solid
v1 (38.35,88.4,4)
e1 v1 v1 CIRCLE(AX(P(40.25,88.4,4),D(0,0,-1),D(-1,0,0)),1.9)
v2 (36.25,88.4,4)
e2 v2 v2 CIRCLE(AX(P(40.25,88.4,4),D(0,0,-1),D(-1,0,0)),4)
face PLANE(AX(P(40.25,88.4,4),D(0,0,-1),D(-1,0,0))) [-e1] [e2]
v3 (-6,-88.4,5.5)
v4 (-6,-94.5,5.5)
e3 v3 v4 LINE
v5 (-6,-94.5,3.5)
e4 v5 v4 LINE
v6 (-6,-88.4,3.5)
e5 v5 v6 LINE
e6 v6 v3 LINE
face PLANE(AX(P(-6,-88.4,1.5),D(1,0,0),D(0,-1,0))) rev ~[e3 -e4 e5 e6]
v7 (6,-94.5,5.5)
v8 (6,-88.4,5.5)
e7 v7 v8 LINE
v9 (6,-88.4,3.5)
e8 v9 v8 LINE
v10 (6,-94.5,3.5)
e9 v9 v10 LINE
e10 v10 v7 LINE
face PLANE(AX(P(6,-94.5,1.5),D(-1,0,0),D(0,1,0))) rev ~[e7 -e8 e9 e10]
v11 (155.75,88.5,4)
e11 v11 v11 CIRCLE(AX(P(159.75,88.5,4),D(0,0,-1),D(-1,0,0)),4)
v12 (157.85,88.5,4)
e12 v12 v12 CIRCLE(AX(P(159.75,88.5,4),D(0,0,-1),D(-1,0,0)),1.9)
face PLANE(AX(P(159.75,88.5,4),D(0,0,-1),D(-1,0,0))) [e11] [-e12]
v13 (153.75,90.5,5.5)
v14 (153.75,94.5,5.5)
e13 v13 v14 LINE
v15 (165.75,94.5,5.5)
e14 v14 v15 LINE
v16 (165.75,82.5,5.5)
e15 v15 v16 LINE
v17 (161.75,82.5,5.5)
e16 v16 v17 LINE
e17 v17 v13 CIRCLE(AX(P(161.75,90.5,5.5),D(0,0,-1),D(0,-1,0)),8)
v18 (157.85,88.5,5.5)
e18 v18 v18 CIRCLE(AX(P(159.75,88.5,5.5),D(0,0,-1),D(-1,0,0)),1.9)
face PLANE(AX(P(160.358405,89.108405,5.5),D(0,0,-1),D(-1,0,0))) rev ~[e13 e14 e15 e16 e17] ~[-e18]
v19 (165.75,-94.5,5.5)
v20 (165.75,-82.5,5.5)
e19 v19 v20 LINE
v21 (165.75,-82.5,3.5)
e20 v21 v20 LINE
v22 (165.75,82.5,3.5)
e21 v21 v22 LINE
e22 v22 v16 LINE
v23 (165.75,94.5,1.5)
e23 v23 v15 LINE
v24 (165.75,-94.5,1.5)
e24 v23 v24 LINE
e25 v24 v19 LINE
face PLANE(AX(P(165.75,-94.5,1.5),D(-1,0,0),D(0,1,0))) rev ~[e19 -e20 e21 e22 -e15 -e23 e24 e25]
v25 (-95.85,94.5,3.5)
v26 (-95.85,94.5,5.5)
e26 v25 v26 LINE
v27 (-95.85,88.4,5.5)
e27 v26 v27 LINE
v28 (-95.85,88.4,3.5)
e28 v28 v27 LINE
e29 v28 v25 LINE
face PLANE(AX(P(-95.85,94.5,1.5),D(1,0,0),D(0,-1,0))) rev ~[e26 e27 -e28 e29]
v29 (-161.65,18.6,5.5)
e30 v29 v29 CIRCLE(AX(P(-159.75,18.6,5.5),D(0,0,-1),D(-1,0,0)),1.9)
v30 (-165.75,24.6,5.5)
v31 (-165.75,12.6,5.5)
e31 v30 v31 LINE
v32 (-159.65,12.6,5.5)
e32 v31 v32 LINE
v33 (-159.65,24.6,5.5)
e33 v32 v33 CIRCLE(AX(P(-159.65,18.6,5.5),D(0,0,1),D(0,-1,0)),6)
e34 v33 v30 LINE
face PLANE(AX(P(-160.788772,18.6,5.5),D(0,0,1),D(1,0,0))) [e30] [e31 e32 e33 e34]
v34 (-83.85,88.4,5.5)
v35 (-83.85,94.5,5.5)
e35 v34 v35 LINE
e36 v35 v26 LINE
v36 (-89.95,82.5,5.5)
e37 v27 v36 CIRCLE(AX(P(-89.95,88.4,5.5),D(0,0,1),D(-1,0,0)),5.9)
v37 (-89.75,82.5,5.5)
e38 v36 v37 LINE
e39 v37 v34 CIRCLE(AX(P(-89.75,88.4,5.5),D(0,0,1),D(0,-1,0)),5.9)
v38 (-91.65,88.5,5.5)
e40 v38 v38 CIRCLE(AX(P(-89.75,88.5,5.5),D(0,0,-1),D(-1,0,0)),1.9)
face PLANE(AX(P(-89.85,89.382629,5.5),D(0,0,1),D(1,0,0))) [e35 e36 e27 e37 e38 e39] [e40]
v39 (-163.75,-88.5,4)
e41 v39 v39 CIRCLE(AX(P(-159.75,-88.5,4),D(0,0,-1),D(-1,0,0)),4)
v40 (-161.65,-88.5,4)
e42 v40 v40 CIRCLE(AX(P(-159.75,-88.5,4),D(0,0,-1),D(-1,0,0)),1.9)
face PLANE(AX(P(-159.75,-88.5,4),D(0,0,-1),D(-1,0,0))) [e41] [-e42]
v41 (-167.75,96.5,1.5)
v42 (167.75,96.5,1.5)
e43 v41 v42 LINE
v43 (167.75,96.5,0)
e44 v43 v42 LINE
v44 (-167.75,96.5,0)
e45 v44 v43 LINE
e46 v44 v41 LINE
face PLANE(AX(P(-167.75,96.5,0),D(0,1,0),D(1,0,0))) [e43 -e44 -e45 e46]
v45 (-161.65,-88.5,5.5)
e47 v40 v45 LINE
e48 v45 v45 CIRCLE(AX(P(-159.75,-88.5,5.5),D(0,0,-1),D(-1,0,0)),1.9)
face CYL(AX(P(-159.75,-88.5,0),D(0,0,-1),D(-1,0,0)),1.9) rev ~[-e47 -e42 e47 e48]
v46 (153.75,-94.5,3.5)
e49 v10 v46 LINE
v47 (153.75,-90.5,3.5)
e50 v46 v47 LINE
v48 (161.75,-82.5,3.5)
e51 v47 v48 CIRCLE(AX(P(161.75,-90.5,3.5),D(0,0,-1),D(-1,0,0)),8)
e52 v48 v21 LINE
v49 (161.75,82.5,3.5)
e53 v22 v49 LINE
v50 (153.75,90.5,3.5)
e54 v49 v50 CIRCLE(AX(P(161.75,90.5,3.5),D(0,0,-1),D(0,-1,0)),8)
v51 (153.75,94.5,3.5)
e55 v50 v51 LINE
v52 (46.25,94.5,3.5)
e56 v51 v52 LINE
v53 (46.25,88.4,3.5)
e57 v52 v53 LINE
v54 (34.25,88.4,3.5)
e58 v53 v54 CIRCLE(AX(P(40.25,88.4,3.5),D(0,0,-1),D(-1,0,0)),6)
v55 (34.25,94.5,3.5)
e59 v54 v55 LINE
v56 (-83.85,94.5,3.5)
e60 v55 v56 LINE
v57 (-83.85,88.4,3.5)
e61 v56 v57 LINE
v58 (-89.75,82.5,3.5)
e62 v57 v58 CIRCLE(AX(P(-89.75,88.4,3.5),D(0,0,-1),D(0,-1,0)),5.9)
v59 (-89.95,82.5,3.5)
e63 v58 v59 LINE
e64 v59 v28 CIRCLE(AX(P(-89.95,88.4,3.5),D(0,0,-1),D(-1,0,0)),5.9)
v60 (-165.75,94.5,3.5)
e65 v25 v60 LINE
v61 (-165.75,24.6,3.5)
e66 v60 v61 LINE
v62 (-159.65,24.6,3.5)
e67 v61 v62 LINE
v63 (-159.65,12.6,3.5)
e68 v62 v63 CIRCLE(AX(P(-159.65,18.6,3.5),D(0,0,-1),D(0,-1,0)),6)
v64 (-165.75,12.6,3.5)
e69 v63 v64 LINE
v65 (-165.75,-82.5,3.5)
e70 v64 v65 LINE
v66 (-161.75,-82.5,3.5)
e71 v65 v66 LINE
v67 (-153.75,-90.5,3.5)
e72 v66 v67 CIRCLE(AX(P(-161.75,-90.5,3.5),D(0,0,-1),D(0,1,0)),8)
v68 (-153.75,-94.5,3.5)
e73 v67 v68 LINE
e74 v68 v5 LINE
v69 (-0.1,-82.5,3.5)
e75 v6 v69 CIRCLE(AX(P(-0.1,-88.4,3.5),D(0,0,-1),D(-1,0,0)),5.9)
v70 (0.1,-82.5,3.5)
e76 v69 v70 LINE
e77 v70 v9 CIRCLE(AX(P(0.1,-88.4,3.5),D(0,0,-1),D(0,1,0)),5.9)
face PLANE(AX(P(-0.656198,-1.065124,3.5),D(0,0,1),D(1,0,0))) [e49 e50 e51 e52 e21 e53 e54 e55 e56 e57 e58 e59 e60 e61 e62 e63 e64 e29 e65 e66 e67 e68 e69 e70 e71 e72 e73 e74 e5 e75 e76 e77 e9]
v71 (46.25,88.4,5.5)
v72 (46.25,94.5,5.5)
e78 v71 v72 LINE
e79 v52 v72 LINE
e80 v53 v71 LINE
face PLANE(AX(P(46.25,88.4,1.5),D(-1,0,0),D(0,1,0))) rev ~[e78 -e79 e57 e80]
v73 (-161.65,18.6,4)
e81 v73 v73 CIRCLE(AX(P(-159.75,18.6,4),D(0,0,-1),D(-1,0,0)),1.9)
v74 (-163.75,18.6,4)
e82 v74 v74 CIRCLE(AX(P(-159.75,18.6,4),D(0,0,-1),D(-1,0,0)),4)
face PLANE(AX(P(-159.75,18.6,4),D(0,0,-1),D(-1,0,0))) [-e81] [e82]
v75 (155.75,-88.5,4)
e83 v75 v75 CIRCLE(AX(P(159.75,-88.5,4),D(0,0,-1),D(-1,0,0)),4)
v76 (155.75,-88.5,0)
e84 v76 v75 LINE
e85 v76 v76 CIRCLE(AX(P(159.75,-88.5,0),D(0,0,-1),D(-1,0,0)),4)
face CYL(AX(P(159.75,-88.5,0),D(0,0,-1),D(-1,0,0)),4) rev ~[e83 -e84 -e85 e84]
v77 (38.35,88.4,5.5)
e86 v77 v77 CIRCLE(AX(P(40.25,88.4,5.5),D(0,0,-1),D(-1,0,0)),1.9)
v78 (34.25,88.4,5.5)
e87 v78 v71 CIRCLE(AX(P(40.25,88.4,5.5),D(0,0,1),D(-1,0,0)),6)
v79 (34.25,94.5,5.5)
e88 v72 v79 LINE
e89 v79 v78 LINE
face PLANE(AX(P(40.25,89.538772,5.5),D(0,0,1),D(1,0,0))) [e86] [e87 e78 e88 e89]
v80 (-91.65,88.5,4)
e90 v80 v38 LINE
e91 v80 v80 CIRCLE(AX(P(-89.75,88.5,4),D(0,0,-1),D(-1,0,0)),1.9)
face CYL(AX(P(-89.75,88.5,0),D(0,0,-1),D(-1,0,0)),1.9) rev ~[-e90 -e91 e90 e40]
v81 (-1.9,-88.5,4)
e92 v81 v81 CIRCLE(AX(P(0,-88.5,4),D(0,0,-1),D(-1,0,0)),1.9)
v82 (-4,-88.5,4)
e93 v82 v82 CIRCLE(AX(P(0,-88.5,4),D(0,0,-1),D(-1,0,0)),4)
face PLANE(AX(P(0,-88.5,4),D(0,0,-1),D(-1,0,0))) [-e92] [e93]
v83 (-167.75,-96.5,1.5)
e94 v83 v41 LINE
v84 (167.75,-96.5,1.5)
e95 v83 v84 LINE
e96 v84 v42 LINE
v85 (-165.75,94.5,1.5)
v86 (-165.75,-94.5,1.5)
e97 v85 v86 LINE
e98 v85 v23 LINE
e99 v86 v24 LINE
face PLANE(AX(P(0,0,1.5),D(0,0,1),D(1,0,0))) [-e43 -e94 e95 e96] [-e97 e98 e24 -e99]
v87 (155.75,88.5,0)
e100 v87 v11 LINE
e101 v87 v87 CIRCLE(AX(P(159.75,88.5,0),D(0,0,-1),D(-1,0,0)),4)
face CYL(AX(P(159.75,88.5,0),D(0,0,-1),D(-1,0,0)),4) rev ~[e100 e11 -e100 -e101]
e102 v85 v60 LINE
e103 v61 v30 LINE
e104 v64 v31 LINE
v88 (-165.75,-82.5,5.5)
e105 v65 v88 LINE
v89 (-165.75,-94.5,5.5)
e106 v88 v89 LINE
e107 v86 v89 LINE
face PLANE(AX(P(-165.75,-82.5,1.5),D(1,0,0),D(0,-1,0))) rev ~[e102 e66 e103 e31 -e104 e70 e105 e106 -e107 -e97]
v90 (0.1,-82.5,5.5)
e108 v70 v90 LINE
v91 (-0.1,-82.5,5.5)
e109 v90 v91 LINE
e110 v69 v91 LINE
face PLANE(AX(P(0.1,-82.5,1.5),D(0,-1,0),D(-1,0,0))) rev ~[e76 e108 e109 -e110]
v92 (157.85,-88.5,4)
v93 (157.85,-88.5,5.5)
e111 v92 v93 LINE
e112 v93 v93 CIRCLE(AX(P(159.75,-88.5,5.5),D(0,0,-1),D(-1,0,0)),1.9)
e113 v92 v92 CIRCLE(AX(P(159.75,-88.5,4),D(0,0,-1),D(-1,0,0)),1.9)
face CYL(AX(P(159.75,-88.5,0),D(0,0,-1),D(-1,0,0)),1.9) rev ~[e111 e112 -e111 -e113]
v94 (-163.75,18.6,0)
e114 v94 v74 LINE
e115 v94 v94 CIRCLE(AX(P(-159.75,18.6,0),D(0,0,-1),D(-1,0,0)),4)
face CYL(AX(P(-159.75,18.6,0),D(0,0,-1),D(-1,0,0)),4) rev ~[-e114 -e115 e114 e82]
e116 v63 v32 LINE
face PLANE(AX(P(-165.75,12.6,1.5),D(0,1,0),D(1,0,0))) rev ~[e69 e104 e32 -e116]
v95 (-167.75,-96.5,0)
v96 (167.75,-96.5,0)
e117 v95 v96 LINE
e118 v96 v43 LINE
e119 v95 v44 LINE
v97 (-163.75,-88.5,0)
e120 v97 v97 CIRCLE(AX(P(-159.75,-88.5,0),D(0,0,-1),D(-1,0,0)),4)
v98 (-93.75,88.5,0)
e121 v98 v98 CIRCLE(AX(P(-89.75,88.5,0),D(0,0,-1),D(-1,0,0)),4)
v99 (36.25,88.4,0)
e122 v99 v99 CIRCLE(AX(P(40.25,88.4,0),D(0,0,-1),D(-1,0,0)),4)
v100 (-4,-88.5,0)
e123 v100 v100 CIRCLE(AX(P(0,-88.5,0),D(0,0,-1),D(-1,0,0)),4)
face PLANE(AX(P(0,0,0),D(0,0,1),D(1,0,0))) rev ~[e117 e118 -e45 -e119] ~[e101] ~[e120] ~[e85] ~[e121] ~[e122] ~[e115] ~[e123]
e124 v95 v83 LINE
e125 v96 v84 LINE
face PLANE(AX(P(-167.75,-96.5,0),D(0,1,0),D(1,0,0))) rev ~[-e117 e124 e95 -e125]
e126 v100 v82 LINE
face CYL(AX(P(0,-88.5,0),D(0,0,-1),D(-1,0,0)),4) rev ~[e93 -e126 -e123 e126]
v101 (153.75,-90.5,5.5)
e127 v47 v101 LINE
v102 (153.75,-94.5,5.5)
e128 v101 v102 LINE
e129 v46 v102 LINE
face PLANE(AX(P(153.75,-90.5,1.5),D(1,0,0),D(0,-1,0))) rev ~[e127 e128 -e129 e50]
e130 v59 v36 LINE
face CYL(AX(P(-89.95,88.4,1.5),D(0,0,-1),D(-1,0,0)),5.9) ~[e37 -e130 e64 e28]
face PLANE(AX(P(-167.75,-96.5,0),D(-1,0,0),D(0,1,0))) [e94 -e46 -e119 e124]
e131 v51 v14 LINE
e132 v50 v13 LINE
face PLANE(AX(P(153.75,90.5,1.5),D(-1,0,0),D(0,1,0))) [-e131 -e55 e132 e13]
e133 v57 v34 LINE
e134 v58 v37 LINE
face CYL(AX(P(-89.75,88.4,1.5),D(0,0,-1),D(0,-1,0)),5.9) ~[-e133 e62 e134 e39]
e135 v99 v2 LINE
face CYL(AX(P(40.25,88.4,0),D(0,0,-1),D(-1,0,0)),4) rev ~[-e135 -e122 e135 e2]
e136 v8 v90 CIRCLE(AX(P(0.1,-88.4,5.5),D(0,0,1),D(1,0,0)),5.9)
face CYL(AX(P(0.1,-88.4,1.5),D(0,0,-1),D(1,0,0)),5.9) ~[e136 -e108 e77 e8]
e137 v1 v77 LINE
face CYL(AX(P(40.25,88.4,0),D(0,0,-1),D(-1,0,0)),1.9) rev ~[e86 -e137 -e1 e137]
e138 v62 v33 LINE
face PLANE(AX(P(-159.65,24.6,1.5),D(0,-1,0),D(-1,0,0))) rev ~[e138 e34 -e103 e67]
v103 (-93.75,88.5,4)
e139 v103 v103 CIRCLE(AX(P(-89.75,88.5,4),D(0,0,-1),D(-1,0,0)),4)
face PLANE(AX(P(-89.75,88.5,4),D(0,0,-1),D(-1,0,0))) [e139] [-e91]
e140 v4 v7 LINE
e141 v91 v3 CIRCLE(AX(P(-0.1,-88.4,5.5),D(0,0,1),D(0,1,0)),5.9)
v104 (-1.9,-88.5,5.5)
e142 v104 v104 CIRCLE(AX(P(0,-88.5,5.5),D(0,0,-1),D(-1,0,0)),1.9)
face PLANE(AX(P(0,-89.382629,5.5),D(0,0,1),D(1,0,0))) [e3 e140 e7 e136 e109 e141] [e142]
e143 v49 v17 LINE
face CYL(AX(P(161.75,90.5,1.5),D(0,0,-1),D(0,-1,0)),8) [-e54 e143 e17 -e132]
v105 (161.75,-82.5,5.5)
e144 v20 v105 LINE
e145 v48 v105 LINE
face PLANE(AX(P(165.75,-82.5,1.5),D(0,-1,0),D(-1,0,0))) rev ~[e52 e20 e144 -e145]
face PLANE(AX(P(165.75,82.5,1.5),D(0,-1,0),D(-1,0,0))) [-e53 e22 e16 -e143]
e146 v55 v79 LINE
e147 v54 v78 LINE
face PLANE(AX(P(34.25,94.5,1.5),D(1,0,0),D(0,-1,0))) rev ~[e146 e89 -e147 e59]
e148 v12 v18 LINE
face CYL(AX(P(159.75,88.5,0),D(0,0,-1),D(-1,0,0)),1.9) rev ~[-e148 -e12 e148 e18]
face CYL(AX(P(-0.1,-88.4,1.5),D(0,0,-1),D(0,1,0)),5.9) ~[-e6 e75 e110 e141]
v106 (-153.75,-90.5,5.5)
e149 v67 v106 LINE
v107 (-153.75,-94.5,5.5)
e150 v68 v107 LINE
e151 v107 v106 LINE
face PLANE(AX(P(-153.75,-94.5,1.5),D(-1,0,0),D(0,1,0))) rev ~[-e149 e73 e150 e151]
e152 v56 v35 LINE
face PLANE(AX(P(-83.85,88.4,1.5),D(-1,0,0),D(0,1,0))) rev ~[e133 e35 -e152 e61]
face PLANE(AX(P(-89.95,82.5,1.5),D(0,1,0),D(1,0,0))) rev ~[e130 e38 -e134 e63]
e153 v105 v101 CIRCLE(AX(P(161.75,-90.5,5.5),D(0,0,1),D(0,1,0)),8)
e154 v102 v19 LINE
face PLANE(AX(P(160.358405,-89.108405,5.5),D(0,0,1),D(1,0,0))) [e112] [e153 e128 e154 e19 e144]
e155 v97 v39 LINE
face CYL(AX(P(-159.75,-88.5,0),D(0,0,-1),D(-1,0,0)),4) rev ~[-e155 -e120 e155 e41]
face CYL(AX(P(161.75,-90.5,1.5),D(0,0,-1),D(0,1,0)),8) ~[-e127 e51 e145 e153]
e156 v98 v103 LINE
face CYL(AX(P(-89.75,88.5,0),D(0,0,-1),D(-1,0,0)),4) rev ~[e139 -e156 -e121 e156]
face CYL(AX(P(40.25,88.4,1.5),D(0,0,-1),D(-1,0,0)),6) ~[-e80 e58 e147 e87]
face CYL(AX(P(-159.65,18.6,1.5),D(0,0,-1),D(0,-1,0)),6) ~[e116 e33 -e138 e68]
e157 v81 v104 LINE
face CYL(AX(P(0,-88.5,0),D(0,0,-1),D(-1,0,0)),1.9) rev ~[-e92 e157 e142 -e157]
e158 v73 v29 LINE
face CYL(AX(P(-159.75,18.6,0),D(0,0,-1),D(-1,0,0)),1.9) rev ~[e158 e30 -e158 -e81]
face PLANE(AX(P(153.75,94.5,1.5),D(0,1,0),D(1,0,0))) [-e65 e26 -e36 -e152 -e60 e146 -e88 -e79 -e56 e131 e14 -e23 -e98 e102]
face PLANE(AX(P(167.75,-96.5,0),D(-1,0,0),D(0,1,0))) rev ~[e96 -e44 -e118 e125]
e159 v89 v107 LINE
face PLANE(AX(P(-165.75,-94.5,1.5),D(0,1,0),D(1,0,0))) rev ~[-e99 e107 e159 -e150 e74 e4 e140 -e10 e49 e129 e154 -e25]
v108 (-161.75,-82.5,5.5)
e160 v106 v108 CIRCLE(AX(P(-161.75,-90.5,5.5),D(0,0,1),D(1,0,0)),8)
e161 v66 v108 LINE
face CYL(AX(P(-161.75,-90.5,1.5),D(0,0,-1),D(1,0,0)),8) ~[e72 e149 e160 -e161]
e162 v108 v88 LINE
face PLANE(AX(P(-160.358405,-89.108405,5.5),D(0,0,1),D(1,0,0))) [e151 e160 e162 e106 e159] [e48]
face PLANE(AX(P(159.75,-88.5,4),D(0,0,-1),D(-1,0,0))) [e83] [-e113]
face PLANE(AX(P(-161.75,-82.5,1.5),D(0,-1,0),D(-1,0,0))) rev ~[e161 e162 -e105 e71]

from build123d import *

# Parameters (mm, degrees)
SKETCH1_W           = 335.5
SKETCH1_H           = 193
BOSS_EXTRUDE1_DEPTH = 1.5
BOSS_EXTRUDE2_DEPTH = 2
BOSS_EXTRUDE3_DEPTH = 4
SKETCH5_R           = 4
CUT_EXTRUDE1_DEPTH  = 4
SKETCH6_R           = 1.9
CUT_EXTRUDE2_DEPTH  = 14


with BuildPart() as part:
    # Sketch1 → Boss-Extrude1 (new body)
    with BuildSketch(Plane.XY):
        Rectangle(SKETCH1_W, SKETCH1_H)
    extrude(amount=BOSS_EXTRUDE1_DEPTH)

    # Sketch2 → Boss-Extrude2 (add)
    with BuildSketch(Plane.XY.offset(1.5)):
        with BuildLine():
            Line((-153.75, -90.5), (-153.75, -94.5))
            Line((-153.75, -94.5), (-6, -94.5))
            Line((-6, -94.5), (-6, -88.4))
            ThreePointArc((-6, -88.4), (-4.271930009, -84.228069991), (-0.1, -82.5))
            Line((-0.1, -82.5), (0.1, -82.5))
            ThreePointArc((0.1, -82.5), (4.271930009, -84.228069991), (6, -88.4))
            Line((6, -88.4), (6, -94.5))
            Line((6, -94.5), (153.75, -94.5))
            Line((153.75, -94.5), (153.75, -90.5))
            ThreePointArc((153.75, -90.5), (156.093145751, -84.843145751), (161.75, -82.5))
            Line((161.75, -82.5), (165.75, -82.5))
            Line((165.75, -82.5), (165.75, 82.5))
            Line((165.75, 82.5), (161.75, 82.5))
            ThreePointArc((161.75, 82.5), (156.093145751, 84.843145751), (153.75, 90.5))
            Line((153.75, 90.5), (153.75, 94.5))
            Line((153.75, 94.5), (6, 94.5))
            Line((6, 94.5), (-6, 94.5))
            Line((-6, 94.5), (-153.75, 94.5))
            Line((-153.75, 94.5), (-165.75, 94.5))
            Line((-165.75, 94.5), (-165.75, 82.5))
            Line((-165.75, 82.5), (-165.75, -82.5))
            Line((-165.75, -82.5), (-161.75, -82.5))
            ThreePointArc((-161.75, -82.5), (-156.093145751, -84.843145751), (-153.75, -90.5))
        make_face()
    extrude(amount=BOSS_EXTRUDE2_DEPTH)

    # Sketch4 → Boss-Extrude3 (add)
    with BuildSketch(Plane.XY.offset(1.5)):
        with BuildLine():
            Line((-165.75, -82.5), (-165.75, -94.5))
            Line((-165.75, -94.5), (-153.75, -94.5))
            Line((-153.75, -94.5), (-153.75, -90.5))
            ThreePointArc((-153.75, -90.5), (-156.093145751, -84.843145751), (-161.75, -82.5))
            Line((-161.75, -82.5), (-165.75, -82.5))
        make_face()
        with BuildLine():
            Line((-6, -94.5), (6, -94.5))
            Line((6, -94.5), (6, -88.4))
            ThreePointArc((6, -88.4), (4.271930009, -84.228069991), (0.1, -82.5))
            Line((0.1, -82.5), (-0.1, -82.5))
            ThreePointArc((-0.1, -82.5), (-4.271930009, -84.228069991), (-6, -88.4))
            Line((-6, -88.4), (-6, -94.5))
        make_face()
        with BuildLine():
            Line((153.75, -94.5), (165.75, -94.5))
            Line((165.75, -94.5), (165.75, -82.5))
            Line((165.75, -82.5), (161.75, -82.5))
            ThreePointArc((161.75, -82.5), (156.093145751, -84.843145751), (153.75, -90.5))
            Line((153.75, -90.5), (153.75, -94.5))
        make_face()
        with BuildLine():
            Line((165.75, 94.5), (165.75, 82.5))
            Line((165.75, 82.5), (161.75, 82.5))
            ThreePointArc((161.75, 82.5), (156.093145751, 84.843145751), (153.75, 90.5))
            Line((153.75, 90.5), (153.75, 94.5))
            Line((153.75, 94.5), (165.75, 94.5))
        make_face()
        with BuildLine():
            Line((-165.75, 24.6), (-165.75, 12.6))
            Line((-165.75, 12.6), (-159.65, 12.6))
            ThreePointArc((-159.65, 12.6), (-153.65, 18.6), (-159.65, 24.6))
            Line((-159.65, 24.6), (-165.75, 24.6))
        make_face()
        with BuildLine():
            Line((-83.85, 94.5), (-95.85, 94.5))
            Line((-95.85, 94.5), (-95.85, 88.4))
            ThreePointArc((-95.85, 88.4), (-94.121930009, 84.228069991), (-89.95, 82.5))
            Line((-89.95, 82.5), (-89.75, 82.5))
            ThreePointArc((-89.75, 82.5), (-85.578069991, 84.228069991), (-83.85, 88.4))
            Line((-83.85, 88.4), (-83.85, 94.5))
        make_face()
        with BuildLine():
            Line((46.25, 94.5), (34.25, 94.5))
            Line((34.25, 94.5), (34.25, 88.4))
            ThreePointArc((34.25, 88.4), (40.25, 82.4), (46.25, 88.4))
            Line((46.25, 88.4), (46.25, 94.5))
        make_face()
    extrude(amount=BOSS_EXTRUDE3_DEPTH)

    # Sketch5 → Cut-Extrude1 (cut)
    with BuildSketch(Plane(origin=(0, 0, 0), x_dir=(-1, 0, 0), z_dir=(0, 0, -1))):
        with Locations((-159.75, 88.5)):
            Circle(SKETCH5_R)
        with Locations((0, -88.5)):
            Circle(SKETCH5_R)
        with Locations((159.75, -88.5)):
            Circle(SKETCH5_R)
        with Locations((-159.75, -88.5)):
            Circle(SKETCH5_R)
        with Locations((89.75, 88.5)):
            Circle(SKETCH5_R)
        with Locations((-40.25, 88.4)):
            Circle(SKETCH5_R)
        with Locations((159.75, 18.6)):
            Circle(SKETCH5_R)
    extrude(amount=-CUT_EXTRUDE1_DEPTH, mode=Mode.SUBTRACT)

    # Sketch6 → Cut-Extrude2 (cut)
    with BuildSketch(Plane(origin=(0, 0, 0), x_dir=(-1, 0, 0), z_dir=(0, 0, -1))):
        with Locations((-159.75, -88.5)):
            Circle(SKETCH6_R)
        with Locations((0, -88.5)):
            Circle(SKETCH6_R)
        with Locations((159.75, -88.5)):
            Circle(SKETCH6_R)
        with Locations((-159.75, 88.5)):
            Circle(SKETCH6_R)
        with Locations((89.75, 88.5)):
            Circle(SKETCH6_R)
        with Locations((159.75, 18.6)):
            Circle(SKETCH6_R)
        with Locations((-40.25, 88.4)):
            Circle(SKETCH6_R)
    extrude(amount=-CUT_EXTRUDE2_DEPTH, mode=Mode.SUBTRACT)


solid = part.part
